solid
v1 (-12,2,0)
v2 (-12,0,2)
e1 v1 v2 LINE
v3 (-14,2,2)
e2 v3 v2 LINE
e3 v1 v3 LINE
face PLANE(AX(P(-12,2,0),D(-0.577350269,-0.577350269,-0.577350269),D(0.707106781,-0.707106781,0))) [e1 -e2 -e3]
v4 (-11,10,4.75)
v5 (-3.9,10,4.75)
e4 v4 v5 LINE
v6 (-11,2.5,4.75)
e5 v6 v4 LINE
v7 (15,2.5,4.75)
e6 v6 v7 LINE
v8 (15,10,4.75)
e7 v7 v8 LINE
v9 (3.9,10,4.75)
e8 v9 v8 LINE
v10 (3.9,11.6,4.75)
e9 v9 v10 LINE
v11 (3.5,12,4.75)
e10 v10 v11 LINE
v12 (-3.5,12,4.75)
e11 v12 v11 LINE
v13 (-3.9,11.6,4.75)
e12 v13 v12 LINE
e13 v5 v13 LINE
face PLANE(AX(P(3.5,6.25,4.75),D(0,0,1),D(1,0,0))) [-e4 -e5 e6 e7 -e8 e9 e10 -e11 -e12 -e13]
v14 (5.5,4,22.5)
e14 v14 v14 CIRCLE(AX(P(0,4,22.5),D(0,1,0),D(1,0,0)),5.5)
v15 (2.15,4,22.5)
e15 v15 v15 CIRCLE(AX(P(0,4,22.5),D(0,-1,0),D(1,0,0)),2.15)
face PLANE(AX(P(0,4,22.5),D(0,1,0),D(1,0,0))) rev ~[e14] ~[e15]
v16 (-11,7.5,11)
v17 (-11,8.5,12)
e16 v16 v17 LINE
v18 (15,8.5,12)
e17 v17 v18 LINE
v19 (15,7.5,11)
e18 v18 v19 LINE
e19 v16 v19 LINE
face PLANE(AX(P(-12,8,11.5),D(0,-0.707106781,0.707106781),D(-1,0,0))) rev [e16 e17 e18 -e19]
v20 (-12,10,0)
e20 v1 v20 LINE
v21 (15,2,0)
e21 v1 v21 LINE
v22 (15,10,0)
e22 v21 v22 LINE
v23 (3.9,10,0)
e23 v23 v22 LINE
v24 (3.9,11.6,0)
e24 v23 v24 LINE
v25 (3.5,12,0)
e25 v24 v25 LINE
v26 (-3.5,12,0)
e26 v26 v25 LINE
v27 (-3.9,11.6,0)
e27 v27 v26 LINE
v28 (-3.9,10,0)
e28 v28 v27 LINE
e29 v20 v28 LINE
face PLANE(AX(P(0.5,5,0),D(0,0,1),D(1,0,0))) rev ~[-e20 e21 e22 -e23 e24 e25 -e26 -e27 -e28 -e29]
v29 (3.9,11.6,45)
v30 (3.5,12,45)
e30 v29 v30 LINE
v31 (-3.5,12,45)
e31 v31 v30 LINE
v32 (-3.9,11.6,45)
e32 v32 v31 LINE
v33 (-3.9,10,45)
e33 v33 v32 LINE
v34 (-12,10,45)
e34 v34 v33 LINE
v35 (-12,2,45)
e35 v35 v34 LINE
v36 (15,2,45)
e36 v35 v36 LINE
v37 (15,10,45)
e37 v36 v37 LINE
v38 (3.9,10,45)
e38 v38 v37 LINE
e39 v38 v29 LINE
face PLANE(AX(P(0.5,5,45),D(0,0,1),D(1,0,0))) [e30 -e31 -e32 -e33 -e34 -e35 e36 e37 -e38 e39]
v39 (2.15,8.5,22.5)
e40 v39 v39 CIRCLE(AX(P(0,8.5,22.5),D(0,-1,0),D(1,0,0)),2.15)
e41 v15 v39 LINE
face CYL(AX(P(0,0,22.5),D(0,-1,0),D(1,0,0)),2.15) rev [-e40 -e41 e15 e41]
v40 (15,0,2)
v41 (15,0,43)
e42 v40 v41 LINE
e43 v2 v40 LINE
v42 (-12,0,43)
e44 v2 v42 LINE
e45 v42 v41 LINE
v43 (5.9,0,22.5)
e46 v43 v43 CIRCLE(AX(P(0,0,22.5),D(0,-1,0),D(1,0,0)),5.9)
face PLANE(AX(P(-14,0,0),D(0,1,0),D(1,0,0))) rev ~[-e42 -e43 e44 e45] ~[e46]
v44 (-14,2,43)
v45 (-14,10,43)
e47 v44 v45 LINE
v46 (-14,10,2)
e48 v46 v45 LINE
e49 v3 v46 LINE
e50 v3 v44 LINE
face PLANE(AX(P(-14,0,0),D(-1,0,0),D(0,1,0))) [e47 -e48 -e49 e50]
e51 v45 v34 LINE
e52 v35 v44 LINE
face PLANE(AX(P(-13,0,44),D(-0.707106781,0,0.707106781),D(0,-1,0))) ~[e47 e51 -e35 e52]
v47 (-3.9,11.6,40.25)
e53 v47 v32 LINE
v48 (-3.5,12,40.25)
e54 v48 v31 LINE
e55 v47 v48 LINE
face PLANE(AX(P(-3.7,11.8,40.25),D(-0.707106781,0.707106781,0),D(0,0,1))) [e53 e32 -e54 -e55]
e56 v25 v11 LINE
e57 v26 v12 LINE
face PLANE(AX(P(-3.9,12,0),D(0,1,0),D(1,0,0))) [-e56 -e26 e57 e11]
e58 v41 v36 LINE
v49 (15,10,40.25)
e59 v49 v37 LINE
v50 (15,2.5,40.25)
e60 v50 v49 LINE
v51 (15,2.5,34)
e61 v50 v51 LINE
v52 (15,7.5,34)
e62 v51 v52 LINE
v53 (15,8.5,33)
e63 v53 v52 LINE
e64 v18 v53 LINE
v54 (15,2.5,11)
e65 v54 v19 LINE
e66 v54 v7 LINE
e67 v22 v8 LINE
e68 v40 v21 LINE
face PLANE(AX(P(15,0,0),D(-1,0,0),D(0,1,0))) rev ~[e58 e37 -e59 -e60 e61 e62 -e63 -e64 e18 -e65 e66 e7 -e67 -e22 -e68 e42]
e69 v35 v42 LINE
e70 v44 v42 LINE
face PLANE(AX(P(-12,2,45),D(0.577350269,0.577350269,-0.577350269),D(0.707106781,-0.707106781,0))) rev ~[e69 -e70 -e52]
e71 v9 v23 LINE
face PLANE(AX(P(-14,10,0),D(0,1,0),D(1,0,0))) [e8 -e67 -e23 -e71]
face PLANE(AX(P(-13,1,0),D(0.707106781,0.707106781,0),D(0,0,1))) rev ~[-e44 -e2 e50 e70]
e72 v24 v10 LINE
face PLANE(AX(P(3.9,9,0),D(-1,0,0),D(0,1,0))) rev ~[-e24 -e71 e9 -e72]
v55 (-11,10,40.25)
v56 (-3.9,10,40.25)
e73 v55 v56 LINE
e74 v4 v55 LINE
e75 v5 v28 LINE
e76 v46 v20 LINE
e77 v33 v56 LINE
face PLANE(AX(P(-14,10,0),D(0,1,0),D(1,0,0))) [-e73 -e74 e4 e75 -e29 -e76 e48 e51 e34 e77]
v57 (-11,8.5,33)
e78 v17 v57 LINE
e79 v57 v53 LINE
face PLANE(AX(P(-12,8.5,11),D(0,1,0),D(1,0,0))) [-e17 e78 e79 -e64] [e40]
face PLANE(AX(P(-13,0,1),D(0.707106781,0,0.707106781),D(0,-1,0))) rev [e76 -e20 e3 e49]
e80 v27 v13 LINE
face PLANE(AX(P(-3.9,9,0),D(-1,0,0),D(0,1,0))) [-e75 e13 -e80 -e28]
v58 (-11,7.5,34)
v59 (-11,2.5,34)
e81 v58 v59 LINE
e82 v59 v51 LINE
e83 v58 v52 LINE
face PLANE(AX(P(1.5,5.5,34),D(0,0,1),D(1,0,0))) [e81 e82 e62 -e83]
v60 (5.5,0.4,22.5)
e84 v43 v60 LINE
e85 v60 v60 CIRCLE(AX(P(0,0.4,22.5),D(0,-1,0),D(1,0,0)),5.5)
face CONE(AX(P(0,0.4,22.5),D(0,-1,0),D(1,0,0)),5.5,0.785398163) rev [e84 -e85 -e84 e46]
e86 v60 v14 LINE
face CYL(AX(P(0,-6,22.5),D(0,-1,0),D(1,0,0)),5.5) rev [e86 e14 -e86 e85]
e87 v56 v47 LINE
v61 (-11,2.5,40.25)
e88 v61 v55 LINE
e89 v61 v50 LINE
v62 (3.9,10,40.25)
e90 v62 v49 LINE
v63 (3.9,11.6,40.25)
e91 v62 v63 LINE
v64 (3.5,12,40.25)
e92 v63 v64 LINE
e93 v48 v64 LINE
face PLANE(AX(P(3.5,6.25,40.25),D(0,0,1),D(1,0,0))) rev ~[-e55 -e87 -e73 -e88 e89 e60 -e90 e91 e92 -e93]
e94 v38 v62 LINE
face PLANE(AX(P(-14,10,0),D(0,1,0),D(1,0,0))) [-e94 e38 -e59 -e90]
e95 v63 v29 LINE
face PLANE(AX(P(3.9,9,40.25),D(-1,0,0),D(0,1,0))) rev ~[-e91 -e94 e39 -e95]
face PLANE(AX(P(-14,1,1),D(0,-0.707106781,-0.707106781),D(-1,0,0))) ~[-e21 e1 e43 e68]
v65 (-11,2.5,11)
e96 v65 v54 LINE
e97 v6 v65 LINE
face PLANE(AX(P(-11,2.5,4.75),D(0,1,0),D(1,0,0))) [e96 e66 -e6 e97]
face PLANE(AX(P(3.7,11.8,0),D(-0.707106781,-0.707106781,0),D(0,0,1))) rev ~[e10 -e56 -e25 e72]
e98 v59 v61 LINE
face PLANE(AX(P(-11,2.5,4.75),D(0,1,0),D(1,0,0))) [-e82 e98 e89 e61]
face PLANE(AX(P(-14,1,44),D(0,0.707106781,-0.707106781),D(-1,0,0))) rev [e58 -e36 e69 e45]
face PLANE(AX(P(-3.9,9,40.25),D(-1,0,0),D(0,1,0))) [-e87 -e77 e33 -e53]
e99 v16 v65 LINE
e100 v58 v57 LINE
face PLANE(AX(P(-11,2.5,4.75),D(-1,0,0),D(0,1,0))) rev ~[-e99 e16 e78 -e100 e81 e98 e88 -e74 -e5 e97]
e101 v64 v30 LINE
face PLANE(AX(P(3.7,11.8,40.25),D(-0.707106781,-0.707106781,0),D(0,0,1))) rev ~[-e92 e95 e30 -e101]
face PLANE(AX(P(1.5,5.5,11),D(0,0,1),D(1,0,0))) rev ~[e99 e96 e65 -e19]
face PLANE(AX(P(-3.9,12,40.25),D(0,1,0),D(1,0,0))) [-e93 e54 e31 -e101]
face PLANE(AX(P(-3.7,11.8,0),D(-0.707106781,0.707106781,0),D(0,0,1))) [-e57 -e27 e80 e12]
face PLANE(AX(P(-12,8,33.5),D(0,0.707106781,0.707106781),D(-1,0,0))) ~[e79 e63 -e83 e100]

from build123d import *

# Parameters (mm, degrees)
CYLINDER001_R     = 5.5
CYLINDER001_DEPTH = 10
CYLINDER_R        = 2.15
CYLINDER_DEPTH    = 10
BOX001_W          = 29
BOX001_H          = 7.5
BOX001_DEPTH      = 35.5
BOX_W             = 29
BOX_H             = 10
BOX_DEPTH         = 45
CHAMFER_SIZE      = 2
BOX003_W          = 7.8
BOX003_H          = 3
BOX003_DEPTH      = 4.75
BOX002_W          = 27
BOX002_H          = 6
BOX002_DEPTH      = 23
CHAMFER001_SIZE   = 1
BOX004_W          = 7.8
BOX004_H          = 3
BOX004_DEPTH      = 4.75
CHAMFER002_SIZE   = 0.4
CHAMFER003_SIZE   = 0.4


with BuildPart() as cylinder001:
    # Cylinder001 → Cylinder001 (new body)
    with BuildSketch(Plane(origin=(0, -6, 22.5), x_dir=(1, 0, 0), z_dir=(0, 1, 0))):
        Circle(CYLINDER001_R)
    extrude(amount=CYLINDER001_DEPTH)


with BuildPart() as cylinder:
    # Cylinder → Cylinder (new body)
    with BuildSketch(Plane(origin=(0, 0, 22.5), x_dir=(1, 0, 0), z_dir=(0, 1, 0))):
        Circle(CYLINDER_R)
    extrude(amount=CYLINDER_DEPTH)


with BuildPart() as cube001:
    # Box001 → Box001 (new body)
    with BuildSketch(Plane(origin=(-11, 2.5, 4.75), x_dir=(1, 0, 0), z_dir=(0, 0, 1))):
        with Locations((14.5, 3.75)):
            Rectangle(BOX001_W, BOX001_H)
    extrude(amount=BOX001_DEPTH)


with BuildPart() as chamfer_body:
    # Box → Box (new body)
    with BuildSketch(Plane(origin=(-14, 0, 0), x_dir=(1, 0, 0), z_dir=(0, 0, 1))):
        with Locations((14.5, 5)):
            Rectangle(BOX_W, BOX_H)
    extrude(amount=BOX_DEPTH)

    # Cut: cut Cube001
    add(cube001.part, mode=Mode.SUBTRACT)

    # Chamfer
    chamfer_edges = [chamfer_body.edges().sort_by_distance(p)[0] for p in [
        (-14, 0, 22.5),
        (-14, 5, 45),
        (-14, 5, 0),
        (0.5, 0, 0),
        (0.5, 0, 45),
    ]]
    chamfer(chamfer_edges, length=CHAMFER_SIZE)


with BuildPart() as cube003:
    # Box003 → Box003 (new body)
    with BuildSketch(Plane(origin=(-3.9, 9, 0), x_dir=(1, 0, 0), z_dir=(0, 0, 1))):
        with Locations((3.9, 1.5)):
            Rectangle(BOX003_W, BOX003_H)
    extrude(amount=BOX003_DEPTH)


with BuildPart() as chamfer001:
    # Box002 → Box002 (new body)
    with BuildSketch(Plane(origin=(-12, 2.5, 11), x_dir=(1, 0, 0), z_dir=(0, 0, 1))):
        with Locations((13.5, 3)):
            Rectangle(BOX002_W, BOX002_H)
    extrude(amount=BOX002_DEPTH)

    # Chamfer001
    chamfer001_edges = [chamfer001.edges().sort_by_distance(p)[0] for p in [
        (1.5, 8.5, 11),
        (1.5, 8.5, 34),
    ]]
    chamfer(chamfer001_edges, length=CHAMFER001_SIZE)


with BuildPart() as chamfer003:
    # Box004 → Box004 (new body)
    with BuildSketch(Plane(origin=(-3.9, 9, 40.25), x_dir=(1, 0, 0), z_dir=(0, 0, 1))):
        with Locations((3.9, 1.5)):
            Rectangle(BOX004_W, BOX004_H)
    extrude(amount=BOX004_DEPTH)

    # Fusion: union Cube003, Chamfer001
    add(cube003.part)
    add(chamfer001.part)

    # Chamfer002
    chamfer002_edges = [chamfer003.edges().sort_by_distance(p)[0] for p in [
        (-3.9, 12, 42.625),
        (3.9, 12, 42.625),
        (-3.9, 12, 2.375),
        (3.9, 12, 2.375),
    ]]
    chamfer(chamfer002_edges, length=CHAMFER002_SIZE)

    # Fusion001: union Chamfer body
    add(chamfer_body.part)

    # Cut001: cut Cylinder
    add(cylinder.part, mode=Mode.SUBTRACT)

    # Cut002: cut Cylinder001
    add(cylinder001.part, mode=Mode.SUBTRACT)

    # Chamfer003
    chamfer003_edges = [chamfer003.edges().sort_by_distance(p)[0] for p in [
        (-5.5, 0, 22.5),
    ]]
    chamfer(chamfer003_edges, length=CHAMFER003_SIZE)


solid = chamfer003.part
